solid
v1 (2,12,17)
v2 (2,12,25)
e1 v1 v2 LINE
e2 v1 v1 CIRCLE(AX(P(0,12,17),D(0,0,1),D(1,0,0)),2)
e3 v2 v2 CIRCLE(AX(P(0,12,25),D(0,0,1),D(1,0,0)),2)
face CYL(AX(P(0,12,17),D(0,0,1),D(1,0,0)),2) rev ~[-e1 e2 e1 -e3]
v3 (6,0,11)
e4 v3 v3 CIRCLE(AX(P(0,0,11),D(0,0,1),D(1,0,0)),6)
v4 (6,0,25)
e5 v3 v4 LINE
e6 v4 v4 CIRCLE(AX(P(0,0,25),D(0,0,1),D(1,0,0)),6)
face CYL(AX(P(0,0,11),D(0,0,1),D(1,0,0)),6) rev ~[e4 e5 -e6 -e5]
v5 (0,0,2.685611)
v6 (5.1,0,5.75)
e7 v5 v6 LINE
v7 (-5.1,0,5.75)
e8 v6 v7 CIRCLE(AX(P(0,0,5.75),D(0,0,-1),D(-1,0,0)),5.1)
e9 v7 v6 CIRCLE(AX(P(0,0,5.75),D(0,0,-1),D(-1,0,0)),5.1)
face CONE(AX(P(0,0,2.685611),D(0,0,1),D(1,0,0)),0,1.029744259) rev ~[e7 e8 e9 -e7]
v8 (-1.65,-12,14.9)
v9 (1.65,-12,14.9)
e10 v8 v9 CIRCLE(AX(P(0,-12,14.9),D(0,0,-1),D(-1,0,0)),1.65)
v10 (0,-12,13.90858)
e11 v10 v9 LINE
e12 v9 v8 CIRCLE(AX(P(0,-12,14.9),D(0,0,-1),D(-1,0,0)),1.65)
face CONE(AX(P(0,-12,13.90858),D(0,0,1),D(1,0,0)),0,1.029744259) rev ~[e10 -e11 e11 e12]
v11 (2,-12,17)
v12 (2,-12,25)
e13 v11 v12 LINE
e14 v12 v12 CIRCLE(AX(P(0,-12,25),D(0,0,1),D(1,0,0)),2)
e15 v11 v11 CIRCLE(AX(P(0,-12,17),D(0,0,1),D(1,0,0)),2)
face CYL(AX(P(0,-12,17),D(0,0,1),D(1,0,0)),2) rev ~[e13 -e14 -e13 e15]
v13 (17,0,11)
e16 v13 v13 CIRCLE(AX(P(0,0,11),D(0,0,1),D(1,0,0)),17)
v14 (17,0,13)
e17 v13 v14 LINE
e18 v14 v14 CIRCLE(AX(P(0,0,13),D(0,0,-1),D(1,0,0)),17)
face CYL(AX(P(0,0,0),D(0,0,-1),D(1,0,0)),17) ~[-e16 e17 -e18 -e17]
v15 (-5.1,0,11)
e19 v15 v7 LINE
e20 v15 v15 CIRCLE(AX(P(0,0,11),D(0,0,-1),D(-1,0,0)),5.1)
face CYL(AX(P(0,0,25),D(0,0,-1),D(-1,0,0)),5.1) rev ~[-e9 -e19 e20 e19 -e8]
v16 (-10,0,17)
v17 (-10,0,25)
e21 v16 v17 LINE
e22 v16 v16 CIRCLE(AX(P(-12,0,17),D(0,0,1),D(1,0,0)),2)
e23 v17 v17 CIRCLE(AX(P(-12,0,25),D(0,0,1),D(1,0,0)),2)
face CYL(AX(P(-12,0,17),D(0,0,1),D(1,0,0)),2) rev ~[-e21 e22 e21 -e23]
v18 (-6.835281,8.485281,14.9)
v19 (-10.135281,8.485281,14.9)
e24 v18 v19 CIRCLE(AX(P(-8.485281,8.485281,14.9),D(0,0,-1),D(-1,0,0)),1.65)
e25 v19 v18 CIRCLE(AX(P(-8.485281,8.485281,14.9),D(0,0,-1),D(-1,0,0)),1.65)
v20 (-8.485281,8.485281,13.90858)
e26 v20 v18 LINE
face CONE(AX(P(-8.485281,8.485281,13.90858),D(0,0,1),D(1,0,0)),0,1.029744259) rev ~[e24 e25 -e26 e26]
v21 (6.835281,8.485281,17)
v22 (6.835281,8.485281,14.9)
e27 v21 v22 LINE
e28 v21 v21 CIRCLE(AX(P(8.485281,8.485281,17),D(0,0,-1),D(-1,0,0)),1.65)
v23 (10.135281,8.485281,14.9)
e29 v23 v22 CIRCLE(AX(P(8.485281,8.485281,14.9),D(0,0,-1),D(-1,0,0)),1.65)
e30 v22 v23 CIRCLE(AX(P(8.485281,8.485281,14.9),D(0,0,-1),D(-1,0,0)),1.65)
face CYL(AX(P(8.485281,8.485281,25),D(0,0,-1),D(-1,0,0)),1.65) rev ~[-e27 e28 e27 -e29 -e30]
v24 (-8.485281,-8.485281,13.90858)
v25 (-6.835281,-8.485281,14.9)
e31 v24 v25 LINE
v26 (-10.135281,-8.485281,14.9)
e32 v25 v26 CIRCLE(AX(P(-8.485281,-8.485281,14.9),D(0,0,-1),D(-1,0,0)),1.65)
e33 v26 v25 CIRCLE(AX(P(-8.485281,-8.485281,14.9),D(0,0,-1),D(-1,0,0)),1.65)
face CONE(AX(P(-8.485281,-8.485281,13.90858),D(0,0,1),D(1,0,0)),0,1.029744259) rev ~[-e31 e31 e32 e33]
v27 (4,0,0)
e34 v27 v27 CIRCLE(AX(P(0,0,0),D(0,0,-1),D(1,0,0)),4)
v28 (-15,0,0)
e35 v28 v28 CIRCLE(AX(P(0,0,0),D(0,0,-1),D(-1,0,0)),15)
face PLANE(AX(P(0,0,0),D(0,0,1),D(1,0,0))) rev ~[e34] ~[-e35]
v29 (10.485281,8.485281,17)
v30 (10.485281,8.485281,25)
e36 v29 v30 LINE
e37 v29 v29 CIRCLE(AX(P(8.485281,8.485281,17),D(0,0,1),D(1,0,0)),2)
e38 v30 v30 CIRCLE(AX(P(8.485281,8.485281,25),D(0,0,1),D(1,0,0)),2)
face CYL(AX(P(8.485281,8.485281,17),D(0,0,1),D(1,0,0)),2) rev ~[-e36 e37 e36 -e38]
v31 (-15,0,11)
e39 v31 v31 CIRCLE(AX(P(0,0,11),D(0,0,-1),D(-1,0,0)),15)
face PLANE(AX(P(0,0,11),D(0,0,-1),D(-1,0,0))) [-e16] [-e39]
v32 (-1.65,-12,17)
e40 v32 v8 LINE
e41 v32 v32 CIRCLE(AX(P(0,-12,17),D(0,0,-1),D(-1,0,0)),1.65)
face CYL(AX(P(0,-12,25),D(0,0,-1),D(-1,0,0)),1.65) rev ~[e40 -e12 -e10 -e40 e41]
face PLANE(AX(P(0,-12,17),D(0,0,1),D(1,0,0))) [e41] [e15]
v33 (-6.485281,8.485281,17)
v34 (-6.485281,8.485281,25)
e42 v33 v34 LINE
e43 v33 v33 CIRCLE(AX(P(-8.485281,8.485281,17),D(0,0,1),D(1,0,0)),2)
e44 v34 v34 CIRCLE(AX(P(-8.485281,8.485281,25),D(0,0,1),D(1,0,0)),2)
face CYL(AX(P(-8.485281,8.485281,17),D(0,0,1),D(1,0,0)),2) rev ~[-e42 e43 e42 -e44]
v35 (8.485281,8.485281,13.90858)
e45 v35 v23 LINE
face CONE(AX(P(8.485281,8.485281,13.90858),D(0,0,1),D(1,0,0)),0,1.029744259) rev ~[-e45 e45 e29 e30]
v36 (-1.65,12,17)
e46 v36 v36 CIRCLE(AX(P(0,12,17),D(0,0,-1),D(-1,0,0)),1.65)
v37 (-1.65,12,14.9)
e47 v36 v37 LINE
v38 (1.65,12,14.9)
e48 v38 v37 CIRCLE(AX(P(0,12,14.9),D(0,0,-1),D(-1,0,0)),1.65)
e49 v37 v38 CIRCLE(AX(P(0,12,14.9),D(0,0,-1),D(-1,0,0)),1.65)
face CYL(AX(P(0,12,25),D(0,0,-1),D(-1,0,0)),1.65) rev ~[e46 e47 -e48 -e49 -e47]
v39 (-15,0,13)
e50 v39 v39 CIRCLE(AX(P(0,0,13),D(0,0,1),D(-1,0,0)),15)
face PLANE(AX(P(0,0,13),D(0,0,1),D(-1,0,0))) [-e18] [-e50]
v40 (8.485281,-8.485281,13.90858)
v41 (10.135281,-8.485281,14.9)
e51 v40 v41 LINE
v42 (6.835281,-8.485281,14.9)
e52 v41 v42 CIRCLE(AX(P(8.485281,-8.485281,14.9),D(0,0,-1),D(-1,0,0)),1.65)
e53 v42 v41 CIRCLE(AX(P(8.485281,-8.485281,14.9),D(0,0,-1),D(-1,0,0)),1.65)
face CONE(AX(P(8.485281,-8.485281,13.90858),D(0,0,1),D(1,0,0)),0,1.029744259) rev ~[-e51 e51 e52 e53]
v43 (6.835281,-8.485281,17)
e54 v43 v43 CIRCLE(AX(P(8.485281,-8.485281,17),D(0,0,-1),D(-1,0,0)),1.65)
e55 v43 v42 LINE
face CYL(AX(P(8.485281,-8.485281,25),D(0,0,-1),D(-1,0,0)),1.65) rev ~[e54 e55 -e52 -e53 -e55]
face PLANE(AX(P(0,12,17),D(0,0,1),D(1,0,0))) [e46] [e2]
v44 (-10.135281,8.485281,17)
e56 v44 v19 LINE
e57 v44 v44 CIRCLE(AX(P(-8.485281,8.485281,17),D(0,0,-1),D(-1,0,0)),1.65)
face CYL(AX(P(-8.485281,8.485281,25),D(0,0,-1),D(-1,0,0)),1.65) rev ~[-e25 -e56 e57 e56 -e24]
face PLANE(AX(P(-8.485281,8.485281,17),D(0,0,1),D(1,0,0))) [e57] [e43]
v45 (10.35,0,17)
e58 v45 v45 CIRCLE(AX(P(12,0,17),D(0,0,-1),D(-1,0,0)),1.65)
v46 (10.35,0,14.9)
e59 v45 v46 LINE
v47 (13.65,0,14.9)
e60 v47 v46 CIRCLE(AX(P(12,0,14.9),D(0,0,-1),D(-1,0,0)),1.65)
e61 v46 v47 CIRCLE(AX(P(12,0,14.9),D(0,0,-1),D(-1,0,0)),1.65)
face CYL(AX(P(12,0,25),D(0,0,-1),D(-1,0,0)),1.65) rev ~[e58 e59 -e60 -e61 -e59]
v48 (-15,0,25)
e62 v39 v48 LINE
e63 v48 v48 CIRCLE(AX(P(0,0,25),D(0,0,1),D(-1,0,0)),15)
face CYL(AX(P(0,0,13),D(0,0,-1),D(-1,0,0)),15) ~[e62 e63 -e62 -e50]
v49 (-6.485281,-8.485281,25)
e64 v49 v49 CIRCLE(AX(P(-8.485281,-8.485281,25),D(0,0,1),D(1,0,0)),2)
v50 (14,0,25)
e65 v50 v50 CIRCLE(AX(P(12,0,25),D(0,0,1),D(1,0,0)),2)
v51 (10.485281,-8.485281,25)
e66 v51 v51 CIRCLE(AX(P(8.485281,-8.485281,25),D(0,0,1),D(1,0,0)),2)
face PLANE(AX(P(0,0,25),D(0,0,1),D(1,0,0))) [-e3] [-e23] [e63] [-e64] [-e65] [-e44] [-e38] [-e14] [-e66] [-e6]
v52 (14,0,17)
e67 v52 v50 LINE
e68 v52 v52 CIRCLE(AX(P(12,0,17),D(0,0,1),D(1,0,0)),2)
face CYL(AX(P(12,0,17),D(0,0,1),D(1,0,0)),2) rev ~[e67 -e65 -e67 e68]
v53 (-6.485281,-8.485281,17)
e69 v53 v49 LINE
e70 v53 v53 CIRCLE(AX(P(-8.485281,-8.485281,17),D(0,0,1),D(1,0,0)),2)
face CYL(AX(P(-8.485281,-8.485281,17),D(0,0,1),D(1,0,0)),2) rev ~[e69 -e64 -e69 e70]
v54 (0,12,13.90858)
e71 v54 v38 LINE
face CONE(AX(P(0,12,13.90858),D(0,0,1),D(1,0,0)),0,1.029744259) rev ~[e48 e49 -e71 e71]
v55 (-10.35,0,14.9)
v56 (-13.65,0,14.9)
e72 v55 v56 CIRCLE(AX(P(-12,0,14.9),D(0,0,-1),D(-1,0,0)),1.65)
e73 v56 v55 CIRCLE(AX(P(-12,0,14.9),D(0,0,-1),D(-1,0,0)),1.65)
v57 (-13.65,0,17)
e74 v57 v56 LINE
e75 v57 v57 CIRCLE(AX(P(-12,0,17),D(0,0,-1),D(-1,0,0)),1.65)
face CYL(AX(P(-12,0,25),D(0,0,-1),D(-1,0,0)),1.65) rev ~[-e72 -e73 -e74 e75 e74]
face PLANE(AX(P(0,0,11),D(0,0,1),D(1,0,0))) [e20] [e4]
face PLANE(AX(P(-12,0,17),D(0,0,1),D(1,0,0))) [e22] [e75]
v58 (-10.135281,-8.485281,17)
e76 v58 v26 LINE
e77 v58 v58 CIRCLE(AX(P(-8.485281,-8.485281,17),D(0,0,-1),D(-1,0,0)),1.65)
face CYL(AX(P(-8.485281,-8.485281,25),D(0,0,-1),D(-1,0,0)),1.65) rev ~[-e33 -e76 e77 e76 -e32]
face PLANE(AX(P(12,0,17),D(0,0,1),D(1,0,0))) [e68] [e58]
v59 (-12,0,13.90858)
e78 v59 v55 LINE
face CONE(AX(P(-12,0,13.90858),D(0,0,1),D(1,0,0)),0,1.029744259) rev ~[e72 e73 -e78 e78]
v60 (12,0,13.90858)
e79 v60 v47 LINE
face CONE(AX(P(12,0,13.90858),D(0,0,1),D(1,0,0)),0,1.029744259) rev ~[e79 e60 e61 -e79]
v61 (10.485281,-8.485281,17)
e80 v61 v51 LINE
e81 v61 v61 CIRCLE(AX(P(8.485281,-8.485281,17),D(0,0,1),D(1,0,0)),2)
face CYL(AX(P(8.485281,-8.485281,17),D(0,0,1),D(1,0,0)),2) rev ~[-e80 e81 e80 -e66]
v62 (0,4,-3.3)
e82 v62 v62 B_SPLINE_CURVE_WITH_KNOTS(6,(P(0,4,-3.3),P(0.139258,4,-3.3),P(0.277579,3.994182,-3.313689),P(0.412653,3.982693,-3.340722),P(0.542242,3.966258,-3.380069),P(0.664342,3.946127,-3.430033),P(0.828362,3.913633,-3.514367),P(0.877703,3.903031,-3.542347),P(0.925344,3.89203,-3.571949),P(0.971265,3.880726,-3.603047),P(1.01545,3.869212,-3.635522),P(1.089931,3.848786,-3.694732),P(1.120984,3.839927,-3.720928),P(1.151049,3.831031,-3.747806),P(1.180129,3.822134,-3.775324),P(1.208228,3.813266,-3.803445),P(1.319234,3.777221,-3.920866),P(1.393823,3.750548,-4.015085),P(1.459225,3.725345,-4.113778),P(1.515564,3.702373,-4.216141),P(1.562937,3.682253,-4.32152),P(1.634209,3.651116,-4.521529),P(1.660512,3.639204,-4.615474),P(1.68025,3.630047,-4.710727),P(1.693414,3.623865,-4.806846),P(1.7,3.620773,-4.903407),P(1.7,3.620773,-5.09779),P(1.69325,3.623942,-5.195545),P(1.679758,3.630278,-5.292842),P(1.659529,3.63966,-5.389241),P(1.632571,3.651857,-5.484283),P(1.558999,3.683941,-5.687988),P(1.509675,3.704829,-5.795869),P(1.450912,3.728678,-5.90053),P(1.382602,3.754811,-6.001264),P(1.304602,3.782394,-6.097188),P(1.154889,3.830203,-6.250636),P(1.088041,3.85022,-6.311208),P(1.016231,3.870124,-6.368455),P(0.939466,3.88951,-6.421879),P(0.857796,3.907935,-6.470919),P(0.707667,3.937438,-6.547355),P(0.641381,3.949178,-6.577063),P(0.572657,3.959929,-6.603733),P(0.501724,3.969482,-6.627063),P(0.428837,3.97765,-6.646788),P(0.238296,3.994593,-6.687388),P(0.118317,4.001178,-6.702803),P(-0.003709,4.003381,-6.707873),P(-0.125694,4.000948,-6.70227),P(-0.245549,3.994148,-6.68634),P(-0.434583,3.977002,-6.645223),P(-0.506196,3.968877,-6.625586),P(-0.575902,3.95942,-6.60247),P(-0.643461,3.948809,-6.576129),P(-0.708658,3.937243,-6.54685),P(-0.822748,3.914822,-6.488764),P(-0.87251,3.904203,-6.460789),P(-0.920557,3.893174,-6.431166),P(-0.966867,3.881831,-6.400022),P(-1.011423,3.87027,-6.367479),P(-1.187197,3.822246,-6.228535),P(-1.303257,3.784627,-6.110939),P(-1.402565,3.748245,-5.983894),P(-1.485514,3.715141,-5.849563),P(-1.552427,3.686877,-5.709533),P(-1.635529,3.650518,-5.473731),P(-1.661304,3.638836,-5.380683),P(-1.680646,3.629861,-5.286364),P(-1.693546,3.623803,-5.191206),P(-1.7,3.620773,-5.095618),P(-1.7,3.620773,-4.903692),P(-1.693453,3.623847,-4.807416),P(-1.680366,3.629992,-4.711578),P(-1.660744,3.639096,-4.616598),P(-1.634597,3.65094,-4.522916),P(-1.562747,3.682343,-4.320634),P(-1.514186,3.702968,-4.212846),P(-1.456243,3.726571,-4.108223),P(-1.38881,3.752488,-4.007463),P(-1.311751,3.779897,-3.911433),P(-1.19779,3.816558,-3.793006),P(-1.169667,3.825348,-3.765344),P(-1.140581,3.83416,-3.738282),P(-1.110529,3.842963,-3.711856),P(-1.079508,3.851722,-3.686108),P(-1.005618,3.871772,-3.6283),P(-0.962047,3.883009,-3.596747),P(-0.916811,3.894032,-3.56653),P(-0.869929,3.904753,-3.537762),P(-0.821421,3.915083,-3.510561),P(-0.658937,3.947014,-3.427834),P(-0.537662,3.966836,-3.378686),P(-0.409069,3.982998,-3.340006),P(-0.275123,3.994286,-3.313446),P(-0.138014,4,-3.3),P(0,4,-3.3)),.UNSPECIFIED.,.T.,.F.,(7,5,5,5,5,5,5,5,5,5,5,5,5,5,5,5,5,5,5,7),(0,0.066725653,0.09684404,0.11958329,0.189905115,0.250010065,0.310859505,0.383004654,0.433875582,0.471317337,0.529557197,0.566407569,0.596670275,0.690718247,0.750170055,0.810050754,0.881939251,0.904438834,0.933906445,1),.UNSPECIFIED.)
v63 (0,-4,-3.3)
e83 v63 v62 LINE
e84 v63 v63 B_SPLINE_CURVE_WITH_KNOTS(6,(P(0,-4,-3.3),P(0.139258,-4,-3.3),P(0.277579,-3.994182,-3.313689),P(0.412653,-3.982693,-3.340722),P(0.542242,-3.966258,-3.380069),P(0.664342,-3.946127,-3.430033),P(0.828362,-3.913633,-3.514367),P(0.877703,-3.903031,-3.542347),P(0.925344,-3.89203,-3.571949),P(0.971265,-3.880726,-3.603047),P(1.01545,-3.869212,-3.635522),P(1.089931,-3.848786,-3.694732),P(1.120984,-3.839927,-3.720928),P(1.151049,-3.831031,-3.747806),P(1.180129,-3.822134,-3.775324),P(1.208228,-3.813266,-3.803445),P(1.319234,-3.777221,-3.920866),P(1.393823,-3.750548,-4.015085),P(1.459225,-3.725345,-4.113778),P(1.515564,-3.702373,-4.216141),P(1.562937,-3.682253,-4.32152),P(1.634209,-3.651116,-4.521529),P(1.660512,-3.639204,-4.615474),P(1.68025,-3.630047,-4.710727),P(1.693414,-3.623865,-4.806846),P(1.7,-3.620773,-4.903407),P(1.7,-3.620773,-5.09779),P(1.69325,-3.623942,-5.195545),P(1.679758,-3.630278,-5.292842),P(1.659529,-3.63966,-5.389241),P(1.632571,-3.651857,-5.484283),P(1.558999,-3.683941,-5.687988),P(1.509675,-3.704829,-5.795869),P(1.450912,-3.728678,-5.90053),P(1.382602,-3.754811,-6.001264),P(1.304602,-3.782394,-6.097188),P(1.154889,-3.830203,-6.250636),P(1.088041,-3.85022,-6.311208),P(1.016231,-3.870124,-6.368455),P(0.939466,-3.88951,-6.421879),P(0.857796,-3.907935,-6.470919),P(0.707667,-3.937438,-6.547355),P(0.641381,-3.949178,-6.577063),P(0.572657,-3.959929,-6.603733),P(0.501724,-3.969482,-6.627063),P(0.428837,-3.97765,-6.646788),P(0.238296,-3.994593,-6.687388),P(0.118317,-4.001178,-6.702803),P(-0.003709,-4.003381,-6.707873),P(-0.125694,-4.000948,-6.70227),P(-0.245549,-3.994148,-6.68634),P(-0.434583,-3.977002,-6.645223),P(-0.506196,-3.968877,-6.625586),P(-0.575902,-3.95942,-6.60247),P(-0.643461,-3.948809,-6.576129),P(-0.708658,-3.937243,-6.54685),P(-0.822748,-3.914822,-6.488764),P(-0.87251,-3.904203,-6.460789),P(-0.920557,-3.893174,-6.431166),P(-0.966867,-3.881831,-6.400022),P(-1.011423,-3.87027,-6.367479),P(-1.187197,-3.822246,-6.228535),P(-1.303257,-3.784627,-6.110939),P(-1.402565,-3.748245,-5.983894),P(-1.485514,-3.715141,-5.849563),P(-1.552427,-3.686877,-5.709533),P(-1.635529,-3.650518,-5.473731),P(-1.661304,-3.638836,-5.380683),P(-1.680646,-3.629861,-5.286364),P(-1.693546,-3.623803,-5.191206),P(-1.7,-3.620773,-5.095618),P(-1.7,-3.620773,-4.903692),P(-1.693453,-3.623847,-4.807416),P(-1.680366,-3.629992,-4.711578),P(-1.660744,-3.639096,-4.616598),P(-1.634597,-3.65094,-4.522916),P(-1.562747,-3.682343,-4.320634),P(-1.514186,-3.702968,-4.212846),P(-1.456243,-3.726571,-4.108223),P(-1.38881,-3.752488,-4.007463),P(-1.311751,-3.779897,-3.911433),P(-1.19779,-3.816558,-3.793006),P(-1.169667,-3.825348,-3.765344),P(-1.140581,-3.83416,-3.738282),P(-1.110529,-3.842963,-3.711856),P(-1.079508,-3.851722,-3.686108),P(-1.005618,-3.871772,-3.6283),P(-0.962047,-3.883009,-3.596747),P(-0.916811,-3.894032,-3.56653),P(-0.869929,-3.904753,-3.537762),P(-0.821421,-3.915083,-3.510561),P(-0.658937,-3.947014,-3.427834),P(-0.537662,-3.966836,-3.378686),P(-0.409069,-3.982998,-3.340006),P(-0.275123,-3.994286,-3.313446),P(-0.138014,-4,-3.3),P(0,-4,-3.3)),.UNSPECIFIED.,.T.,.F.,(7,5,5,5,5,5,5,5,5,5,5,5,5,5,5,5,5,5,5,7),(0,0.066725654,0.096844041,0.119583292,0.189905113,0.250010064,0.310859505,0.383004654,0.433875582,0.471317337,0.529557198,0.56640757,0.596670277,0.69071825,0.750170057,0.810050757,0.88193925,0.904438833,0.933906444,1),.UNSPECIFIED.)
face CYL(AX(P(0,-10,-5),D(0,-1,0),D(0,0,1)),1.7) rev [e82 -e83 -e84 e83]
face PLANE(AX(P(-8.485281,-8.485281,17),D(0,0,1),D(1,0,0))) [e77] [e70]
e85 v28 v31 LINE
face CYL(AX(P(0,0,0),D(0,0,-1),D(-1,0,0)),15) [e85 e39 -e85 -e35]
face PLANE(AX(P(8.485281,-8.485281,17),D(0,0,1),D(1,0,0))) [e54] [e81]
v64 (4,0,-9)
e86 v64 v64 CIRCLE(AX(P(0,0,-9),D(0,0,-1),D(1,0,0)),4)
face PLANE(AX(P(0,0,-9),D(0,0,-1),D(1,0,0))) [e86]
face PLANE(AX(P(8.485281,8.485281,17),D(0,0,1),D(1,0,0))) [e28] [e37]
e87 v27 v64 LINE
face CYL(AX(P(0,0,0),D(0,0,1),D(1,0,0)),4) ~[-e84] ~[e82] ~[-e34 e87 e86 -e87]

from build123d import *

# Parameters (mm, degrees)
SKETCH_1_R                    = 17
EXTRUDE_1_DEPTH               = 25
SKETCH_3_R                    = 4
EXTRUDE_3_DEPTH               = 9
SKETCH_4_R                    = 17
SKETCH_4_R_2                  = 15
CUT_EXTRUDE_1_DEPTH           = 11
CUT_EXTRUDE_START             = -12
SKETCH_5_R                    = 17
SKETCH_5_R_2                  = 15
CUT_EXTRUDE_2_DEPTH           = 12
HOLE_WIZARD_M4_1_D            = 3.3
HOLE_WIZARD_M4_1_DEPTH        = 10.1
HOLE_WIZARD_M4_1_CBORE_D      = 4
HOLE_WIZARD_M4_1_CBORE_DEPTH  = 8
HOLE_WIZARD_M4_1_TIP          = 0.991420021
CUT_EXTRUDE_3_DEPTH           = 10
CUT_EXTRUDE_3_DEPTH_BACK      = 10
SKETCH_9_R                    = 1.7
HOLE_WIZARD_M12_1_D           = 10.2
HOLE_WIZARD_M12_1_DEPTH       = 19.25
HOLE_WIZARD_M12_1_CBORE_D     = 12
HOLE_WIZARD_M12_1_CBORE_DEPTH = 14
HOLE_WIZARD_M12_1_TIP         = 3.064389157


with BuildPart() as part:
    # 草图1 → 拉伸1 (new body)
    with BuildSketch(Plane.XY):
        Circle(SKETCH_1_R)
    extrude(amount=EXTRUDE_1_DEPTH)

    # 草图3 → 拉伸3 (add)
    with BuildSketch(Plane(origin=(0, 0, 0), x_dir=(-1, 0, 0), z_dir=(0, 0, -1))):
        Circle(SKETCH_3_R)
    extrude(amount=EXTRUDE_3_DEPTH)

    # 草图4 → 切除-拉伸1 (cut)
    with BuildSketch(Plane(origin=(0, 0, 0), x_dir=(-1, 0, 0), z_dir=(0, 0, -1))):
        Circle(SKETCH_4_R)
        Circle(SKETCH_4_R_2, mode=Mode.SUBTRACT)
    extrude(amount=-CUT_EXTRUDE_1_DEPTH, mode=Mode.SUBTRACT)

    # 草图5 → 切除-拉伸2 (cut)
    with BuildSketch(Plane.XY.offset(25).offset(CUT_EXTRUDE_START)):
        Circle(SKETCH_5_R)
        Circle(SKETCH_5_R_2, mode=Mode.SUBTRACT)
    extrude(amount=CUT_EXTRUDE_2_DEPTH, mode=Mode.SUBTRACT)

    # M4 螺纹孔1
    with Locations(Plane(origin=(-12, 0, 25), x_dir=(1, 0, 0), z_dir=(0, 0, 1))):
        with Locations((0, 0), (3.514718626, 8.485281374), (12, 12), (20.485281374, 8.485281374), (24, 0), (20.485281374, -8.485281374), (3.514718626, -8.485281374), (12, -12)):
            CounterBoreHole(HOLE_WIZARD_M4_1_D / 2, HOLE_WIZARD_M4_1_CBORE_D / 2, HOLE_WIZARD_M4_1_CBORE_DEPTH, depth=HOLE_WIZARD_M4_1_DEPTH)
            with Locations((0, 0, -(HOLE_WIZARD_M4_1_DEPTH + HOLE_WIZARD_M4_1_TIP / 2))):  # 118° drill point
                Cone(0, HOLE_WIZARD_M4_1_D / 2, HOLE_WIZARD_M4_1_TIP, mode=Mode.SUBTRACT)

    # 草图9 → 切除-拉伸3 (cut, two sides: drawn at the far end of the back side and taken through both)
    with BuildSketch(Plane(origin=(0, 0, 0), x_dir=(1, 0, 0), z_dir=(0, 1, 0)).offset(-CUT_EXTRUDE_3_DEPTH_BACK)):
        with Locations((0, 5)):
            Circle(SKETCH_9_R)
    extrude(amount=CUT_EXTRUDE_3_DEPTH + CUT_EXTRUDE_3_DEPTH_BACK, mode=Mode.SUBTRACT)

    # M12 螺纹孔1
    with Locations(Plane.XY.offset(25)):
        with Locations((0, 0)):
            CounterBoreHole(HOLE_WIZARD_M12_1_D / 2, HOLE_WIZARD_M12_1_CBORE_D / 2, HOLE_WIZARD_M12_1_CBORE_DEPTH, depth=HOLE_WIZARD_M12_1_DEPTH)
            with Locations((0, 0, -(HOLE_WIZARD_M12_1_DEPTH + HOLE_WIZARD_M12_1_TIP / 2))):  # 118° drill point
                Cone(0, HOLE_WIZARD_M12_1_D / 2, HOLE_WIZARD_M12_1_TIP, mode=Mode.SUBTRACT)


solid = part.part
